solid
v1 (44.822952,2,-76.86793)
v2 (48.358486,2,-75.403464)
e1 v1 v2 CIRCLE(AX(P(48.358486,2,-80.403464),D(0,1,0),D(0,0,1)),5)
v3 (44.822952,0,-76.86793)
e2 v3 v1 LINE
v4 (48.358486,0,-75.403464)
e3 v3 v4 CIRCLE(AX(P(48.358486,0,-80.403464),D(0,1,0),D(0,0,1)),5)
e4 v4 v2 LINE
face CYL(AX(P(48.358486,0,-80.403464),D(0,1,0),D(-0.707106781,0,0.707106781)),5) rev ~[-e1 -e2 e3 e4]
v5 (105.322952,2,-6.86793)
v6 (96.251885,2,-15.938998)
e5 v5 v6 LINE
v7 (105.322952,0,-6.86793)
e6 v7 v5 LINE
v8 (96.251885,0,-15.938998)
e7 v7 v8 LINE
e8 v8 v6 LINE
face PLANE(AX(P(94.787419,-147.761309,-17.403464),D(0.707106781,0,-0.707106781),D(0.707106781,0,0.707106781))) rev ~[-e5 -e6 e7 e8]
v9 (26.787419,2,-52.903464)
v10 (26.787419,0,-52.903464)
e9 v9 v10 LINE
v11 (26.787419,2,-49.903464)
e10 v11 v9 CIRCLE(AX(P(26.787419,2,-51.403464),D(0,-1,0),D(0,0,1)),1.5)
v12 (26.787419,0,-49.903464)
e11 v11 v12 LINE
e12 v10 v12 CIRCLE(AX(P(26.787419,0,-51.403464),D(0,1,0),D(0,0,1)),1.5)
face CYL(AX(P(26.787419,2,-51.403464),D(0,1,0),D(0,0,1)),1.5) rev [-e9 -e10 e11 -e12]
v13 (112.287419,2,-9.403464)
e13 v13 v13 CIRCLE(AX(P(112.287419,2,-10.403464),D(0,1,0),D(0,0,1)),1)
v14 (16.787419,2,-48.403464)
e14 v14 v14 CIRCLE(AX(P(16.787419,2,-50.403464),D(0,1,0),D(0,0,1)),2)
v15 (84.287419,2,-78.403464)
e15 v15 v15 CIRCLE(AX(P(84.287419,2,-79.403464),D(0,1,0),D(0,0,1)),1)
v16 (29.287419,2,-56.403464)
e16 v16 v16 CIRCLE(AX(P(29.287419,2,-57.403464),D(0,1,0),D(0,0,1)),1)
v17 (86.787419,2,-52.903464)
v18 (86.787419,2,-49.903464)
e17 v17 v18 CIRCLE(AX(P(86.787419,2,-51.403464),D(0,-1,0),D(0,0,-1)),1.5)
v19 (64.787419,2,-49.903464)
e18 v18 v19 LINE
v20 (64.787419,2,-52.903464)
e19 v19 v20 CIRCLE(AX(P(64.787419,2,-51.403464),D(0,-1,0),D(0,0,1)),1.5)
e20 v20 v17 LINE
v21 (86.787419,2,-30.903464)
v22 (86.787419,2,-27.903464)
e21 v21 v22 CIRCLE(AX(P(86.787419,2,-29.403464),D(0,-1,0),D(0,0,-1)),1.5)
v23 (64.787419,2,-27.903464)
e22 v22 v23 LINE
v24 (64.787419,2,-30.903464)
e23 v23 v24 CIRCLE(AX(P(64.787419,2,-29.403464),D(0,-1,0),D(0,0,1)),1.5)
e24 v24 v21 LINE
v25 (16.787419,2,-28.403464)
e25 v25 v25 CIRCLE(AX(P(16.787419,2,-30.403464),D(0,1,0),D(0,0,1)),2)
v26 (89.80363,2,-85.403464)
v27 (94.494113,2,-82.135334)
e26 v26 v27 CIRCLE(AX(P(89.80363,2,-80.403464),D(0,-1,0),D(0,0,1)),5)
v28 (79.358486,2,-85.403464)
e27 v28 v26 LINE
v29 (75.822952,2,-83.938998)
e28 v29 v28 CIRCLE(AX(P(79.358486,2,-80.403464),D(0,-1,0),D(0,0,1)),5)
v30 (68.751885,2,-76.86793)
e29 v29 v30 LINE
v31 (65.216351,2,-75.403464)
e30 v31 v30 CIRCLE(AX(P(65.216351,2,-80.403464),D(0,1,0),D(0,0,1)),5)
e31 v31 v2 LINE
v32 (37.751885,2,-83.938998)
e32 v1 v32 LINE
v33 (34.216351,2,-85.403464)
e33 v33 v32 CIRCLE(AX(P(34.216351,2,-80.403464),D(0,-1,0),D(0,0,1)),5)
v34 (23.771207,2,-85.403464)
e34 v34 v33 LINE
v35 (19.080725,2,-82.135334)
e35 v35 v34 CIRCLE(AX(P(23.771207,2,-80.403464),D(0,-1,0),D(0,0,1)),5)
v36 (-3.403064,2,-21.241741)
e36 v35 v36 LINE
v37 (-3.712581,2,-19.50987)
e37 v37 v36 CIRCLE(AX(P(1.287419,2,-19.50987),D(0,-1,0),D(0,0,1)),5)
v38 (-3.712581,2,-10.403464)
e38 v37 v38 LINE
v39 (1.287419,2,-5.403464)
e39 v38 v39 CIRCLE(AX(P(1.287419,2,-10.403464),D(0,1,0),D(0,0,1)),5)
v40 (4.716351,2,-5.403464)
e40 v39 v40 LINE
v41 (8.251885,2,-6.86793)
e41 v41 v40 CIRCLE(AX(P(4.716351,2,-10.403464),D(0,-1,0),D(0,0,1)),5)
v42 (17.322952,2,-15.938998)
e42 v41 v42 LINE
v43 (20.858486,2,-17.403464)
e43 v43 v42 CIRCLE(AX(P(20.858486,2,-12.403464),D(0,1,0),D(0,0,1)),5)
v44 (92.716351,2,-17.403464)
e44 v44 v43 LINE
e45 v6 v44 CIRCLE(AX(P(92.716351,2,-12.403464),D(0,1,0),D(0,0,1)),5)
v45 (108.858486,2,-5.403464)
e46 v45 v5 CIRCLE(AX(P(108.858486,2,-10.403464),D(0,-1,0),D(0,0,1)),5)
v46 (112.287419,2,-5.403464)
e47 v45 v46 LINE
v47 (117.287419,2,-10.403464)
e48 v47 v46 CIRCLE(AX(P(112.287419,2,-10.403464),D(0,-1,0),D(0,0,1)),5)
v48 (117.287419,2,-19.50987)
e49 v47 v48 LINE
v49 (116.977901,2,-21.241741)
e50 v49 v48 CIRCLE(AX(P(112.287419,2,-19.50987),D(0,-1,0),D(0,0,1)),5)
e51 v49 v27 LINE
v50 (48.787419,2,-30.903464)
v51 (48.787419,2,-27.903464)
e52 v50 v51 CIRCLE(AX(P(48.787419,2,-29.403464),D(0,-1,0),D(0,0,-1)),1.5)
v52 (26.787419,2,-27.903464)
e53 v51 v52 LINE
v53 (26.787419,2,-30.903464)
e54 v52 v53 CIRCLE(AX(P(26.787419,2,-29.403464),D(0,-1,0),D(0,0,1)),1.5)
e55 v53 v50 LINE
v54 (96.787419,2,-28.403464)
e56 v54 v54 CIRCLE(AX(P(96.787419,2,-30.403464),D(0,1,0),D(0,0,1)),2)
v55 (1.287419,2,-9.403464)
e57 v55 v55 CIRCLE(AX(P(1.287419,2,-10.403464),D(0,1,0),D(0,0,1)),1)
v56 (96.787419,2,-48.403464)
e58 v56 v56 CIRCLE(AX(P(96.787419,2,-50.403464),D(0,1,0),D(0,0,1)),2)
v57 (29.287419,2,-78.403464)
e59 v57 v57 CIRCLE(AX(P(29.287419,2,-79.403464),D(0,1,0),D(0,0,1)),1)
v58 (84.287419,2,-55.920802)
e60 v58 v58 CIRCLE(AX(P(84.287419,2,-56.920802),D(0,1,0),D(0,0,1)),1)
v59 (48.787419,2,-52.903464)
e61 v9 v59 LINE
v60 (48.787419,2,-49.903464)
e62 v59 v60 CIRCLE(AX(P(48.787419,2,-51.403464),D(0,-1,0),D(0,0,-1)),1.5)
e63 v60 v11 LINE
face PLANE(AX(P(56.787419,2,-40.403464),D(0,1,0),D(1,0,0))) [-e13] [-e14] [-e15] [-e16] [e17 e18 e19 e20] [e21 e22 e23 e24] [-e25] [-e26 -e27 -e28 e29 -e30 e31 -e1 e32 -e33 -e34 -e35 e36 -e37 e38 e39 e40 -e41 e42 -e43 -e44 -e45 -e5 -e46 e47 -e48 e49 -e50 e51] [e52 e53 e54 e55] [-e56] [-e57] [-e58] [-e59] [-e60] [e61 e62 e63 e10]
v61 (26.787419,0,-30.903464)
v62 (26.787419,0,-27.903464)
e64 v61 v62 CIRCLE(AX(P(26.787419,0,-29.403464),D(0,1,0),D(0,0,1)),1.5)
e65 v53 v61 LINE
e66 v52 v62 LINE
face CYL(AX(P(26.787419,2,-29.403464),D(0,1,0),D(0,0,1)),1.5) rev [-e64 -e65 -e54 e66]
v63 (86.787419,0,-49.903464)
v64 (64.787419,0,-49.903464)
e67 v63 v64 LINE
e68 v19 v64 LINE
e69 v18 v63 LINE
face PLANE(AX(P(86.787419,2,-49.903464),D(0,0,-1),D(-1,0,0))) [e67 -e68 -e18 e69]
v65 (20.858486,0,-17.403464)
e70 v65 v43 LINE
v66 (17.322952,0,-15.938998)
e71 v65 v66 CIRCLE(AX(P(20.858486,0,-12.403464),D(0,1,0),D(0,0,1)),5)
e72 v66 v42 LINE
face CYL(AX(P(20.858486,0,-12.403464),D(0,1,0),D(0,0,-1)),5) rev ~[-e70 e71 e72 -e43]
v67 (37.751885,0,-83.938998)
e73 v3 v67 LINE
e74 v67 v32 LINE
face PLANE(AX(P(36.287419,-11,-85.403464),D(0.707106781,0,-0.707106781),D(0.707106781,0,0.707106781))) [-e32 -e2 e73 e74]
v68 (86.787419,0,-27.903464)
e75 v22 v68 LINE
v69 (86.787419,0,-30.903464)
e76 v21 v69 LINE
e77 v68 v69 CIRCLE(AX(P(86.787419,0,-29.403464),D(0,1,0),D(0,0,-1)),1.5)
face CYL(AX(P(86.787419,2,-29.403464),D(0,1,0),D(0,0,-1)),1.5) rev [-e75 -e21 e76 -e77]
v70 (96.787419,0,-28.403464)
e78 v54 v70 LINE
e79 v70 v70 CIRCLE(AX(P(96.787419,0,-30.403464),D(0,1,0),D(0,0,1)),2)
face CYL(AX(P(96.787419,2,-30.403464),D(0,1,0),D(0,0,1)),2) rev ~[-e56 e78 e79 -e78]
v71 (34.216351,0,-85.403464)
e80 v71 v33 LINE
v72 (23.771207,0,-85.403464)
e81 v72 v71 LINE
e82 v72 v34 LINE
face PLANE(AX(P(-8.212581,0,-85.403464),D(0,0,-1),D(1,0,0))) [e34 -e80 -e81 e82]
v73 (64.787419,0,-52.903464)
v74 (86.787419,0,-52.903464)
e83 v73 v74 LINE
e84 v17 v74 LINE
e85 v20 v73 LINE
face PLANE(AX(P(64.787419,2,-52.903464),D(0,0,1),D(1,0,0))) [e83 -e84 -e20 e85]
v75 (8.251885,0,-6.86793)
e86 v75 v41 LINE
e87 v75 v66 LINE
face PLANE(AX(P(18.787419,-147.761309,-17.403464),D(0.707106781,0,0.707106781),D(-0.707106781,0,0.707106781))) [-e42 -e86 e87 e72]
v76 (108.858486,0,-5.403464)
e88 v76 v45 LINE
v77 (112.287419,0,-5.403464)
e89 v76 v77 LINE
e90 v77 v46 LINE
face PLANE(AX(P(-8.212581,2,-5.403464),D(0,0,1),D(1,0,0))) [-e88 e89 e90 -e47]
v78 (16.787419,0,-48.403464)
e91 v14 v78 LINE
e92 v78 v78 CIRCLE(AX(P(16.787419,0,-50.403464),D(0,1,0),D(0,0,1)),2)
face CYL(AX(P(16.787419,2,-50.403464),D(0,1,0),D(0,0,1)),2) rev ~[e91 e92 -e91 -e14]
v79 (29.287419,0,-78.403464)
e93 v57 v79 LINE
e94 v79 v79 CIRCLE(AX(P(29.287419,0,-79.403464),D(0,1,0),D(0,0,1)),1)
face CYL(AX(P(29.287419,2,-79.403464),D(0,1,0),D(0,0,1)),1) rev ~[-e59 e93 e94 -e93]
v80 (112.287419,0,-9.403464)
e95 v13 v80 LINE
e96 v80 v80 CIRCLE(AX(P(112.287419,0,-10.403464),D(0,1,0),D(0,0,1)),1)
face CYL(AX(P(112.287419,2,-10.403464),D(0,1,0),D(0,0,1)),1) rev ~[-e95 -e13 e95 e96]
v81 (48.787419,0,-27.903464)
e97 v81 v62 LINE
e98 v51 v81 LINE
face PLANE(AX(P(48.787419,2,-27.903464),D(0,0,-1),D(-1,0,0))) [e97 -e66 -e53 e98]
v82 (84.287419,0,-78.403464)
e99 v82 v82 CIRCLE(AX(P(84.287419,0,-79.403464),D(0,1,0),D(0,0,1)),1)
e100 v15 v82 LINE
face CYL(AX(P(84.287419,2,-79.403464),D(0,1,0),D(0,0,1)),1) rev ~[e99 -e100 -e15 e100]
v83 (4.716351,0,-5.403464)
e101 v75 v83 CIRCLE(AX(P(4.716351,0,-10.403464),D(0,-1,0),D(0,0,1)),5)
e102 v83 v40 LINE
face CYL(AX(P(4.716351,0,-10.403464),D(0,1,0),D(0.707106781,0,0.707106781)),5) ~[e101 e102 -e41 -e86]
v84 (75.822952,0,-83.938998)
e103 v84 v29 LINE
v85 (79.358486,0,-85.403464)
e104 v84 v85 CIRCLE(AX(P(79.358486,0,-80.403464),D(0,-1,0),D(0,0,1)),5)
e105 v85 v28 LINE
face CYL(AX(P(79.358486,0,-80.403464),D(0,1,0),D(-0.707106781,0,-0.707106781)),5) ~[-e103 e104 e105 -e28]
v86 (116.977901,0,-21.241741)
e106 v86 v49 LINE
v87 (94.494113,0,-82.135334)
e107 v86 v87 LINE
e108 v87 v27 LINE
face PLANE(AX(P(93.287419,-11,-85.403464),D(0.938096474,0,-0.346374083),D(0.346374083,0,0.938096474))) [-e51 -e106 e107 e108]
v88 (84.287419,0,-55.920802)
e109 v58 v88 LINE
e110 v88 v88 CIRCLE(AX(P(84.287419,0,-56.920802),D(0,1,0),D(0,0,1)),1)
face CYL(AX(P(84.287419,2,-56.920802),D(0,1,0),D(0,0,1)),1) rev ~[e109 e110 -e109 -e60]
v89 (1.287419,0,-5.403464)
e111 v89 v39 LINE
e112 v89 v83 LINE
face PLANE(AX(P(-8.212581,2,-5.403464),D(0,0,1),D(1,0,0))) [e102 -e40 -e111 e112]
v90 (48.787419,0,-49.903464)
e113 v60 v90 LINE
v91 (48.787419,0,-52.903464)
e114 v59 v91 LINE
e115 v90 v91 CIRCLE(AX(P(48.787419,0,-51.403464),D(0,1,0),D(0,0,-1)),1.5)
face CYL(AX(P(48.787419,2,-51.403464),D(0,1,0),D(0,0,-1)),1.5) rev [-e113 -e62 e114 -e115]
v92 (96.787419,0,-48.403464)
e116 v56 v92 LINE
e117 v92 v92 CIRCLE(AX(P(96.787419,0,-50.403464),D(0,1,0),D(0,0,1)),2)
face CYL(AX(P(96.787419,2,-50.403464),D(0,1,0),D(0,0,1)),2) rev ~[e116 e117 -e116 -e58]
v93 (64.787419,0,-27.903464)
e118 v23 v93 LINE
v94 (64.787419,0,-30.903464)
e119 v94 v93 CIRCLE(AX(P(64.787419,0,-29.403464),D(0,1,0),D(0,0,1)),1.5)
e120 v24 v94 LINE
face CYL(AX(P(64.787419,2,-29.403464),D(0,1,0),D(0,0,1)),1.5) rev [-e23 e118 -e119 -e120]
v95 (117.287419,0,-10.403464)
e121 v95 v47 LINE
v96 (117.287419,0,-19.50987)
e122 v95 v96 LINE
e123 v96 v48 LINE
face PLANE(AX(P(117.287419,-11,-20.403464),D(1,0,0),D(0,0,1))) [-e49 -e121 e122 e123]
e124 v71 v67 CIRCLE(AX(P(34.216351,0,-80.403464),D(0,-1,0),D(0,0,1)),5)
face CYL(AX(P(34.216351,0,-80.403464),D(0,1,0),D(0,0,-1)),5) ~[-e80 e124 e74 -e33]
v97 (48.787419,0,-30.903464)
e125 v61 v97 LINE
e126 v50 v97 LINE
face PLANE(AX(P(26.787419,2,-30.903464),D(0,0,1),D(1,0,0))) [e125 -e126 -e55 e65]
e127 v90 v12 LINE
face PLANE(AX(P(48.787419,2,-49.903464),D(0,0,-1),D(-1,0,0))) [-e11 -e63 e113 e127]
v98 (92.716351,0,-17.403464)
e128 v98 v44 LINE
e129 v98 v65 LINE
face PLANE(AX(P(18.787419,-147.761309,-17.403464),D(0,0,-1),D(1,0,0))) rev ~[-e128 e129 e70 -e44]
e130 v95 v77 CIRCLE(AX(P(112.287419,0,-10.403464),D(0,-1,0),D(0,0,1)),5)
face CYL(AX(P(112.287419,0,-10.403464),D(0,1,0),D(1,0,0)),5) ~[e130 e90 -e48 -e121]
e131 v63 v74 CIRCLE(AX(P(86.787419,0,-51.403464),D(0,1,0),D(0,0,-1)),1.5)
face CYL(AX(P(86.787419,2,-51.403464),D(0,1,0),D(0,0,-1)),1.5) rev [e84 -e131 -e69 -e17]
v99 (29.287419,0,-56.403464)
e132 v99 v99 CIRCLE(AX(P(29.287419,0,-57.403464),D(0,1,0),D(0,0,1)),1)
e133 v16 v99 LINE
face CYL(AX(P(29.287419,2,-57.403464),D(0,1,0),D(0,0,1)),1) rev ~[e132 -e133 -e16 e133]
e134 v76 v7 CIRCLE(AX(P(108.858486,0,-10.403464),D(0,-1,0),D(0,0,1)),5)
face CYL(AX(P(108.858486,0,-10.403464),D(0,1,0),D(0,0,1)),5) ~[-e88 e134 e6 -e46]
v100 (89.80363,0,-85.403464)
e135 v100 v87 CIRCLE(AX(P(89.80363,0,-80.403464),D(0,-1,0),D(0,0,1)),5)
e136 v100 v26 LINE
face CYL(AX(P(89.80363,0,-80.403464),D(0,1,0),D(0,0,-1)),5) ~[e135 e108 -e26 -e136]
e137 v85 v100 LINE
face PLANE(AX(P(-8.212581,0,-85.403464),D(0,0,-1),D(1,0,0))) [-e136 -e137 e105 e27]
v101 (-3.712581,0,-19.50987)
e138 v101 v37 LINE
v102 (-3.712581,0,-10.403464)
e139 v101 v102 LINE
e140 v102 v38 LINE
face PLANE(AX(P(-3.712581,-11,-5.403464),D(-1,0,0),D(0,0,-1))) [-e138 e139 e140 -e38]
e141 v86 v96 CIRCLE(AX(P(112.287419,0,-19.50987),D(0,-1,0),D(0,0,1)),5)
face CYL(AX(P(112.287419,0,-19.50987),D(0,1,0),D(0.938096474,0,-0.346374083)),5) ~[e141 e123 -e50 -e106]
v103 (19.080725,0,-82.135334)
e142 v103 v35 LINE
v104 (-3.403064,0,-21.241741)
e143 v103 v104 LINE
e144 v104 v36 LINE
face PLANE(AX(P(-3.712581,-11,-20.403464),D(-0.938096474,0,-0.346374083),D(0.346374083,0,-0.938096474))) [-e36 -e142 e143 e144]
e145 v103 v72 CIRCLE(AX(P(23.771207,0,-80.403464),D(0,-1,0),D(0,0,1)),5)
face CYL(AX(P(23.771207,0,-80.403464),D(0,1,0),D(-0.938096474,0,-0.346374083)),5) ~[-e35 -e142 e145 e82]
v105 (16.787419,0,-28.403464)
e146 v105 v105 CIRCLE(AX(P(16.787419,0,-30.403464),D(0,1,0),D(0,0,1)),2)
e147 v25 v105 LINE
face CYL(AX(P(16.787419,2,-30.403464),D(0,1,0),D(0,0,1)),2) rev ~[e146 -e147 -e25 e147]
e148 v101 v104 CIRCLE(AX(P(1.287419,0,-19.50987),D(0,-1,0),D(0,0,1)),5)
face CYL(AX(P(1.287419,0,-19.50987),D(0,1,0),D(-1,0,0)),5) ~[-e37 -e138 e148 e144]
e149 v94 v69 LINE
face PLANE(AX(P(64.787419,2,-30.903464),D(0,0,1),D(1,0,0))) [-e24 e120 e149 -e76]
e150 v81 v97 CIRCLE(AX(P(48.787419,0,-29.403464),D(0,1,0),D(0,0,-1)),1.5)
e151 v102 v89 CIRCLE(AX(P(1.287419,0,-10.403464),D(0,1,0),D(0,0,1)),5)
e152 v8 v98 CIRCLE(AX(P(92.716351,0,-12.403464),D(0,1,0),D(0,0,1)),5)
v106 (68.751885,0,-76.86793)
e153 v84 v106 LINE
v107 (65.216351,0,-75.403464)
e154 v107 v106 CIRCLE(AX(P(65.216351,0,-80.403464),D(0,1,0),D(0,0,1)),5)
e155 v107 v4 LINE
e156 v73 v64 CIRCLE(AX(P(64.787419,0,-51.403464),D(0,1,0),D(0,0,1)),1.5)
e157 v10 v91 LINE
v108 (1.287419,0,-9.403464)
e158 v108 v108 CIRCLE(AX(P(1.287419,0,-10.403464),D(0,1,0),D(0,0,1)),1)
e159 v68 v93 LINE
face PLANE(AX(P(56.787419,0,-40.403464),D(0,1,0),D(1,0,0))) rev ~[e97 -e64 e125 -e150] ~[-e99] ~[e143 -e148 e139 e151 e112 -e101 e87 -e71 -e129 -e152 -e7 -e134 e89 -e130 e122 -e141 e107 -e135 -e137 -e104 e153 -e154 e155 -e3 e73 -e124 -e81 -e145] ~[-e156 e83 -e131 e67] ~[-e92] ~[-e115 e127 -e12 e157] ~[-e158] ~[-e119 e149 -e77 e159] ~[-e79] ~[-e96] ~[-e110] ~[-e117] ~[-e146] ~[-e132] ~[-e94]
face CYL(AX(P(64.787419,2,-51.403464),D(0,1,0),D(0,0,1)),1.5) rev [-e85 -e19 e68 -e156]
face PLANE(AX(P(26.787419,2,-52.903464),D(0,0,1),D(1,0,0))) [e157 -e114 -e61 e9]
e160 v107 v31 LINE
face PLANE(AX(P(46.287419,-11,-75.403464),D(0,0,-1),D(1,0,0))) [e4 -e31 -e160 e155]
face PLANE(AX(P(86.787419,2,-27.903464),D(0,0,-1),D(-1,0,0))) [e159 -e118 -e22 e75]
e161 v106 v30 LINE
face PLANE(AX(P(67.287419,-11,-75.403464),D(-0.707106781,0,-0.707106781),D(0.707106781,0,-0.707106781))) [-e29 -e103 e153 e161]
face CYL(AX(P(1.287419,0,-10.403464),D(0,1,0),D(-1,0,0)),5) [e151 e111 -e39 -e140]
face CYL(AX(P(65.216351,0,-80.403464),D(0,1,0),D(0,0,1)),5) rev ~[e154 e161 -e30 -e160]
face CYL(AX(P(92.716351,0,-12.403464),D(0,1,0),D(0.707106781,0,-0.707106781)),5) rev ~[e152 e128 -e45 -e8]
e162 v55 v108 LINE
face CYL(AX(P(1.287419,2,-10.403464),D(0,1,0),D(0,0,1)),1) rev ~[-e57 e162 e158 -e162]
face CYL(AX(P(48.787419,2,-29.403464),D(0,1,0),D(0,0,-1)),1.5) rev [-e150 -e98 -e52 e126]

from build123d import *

# Parameters (mm, degrees)
SKETCH1_W                = 130
SKETCH1_H                = 90
BOSS_EXTRUDE2_DEPTH      = 2
SKETCH2_R                = 2
CUT_EXTRUDE1_DEPTH       = 10
CUT_EXTRUDE3_DEPTH       = 10
SKETCH5_R                = 1
CUT_EXTRUDE4_DEPTH       = 10
SKETCH7_W                = 130
SKETCH7_H                = 10
CUT_EXTRUDE5_DEPTH       = 10
CUT_EXTRUDE10_DEPTH      = 149.761308663
CUT_EXTRUDE10_DEPTH_BACK = 149.761308663
CUT_EXTRUDE14_DEPTH      = 149.761308663
CUT_EXTRUDE14_DEPTH_BACK = 13
SKETCH12_R               = 1
FILLET2_R                = 5


with BuildPart() as part:
    # Sketch1 → Boss-Extrude2 (new body)
    with BuildSketch(Plane(origin=(0, 0, 0), x_dir=(1, 0, 0), z_dir=(0, 1, 0))):
        with Locations((56.787418592, 40.403463793)):
            Rectangle(SKETCH1_W, SKETCH1_H)
    extrude(amount=BOSS_EXTRUDE2_DEPTH)

    # Sketch2 → Cut-Extrude1 (cut)
    with BuildSketch(Plane(origin=(0, 2, 0), x_dir=(1, 0, 0), z_dir=(0, 1, 0))):
        with Locations(Location((16.787418592, 50.403463793, 0), (0, 0, 270))):
            Circle(SKETCH2_R)
        with Locations(Location((16.787418592, 30.403463793, 0), (0, 0, 270))):
            Circle(SKETCH2_R)
        with Locations(Location((96.787418592, 50.403463793, 0), (0, 0, 270))):
            Circle(SKETCH2_R)
        with Locations(Location((96.787418592, 30.403463793, 0), (0, 0, 270))):
            Circle(SKETCH2_R)
    extrude(amount=-CUT_EXTRUDE1_DEPTH, mode=Mode.SUBTRACT)

    # Sketch4 → Cut-Extrude3 (cut)
    with BuildSketch(Plane(origin=(0, 2, 0), x_dir=(1, 0, 0), z_dir=(0, 1, 0))):
        with BuildLine():
            Line((26.787418592, 52.903463793), (48.787418592, 52.903463793))
            ThreePointArc((48.787418592, 52.903463793), (50.287418592, 51.403463793), (48.787418592, 49.903463793))
            Line((48.787418592, 49.903463793), (26.787418592, 49.903463793))
            ThreePointArc((26.787418592, 49.903463793), (25.287418592, 51.403463793), (26.787418592, 52.903463793))
        make_face()
        with BuildLine():
            Line((26.787418592, 30.903463793), (48.787418592, 30.903463793))
            ThreePointArc((48.787418592, 30.903463793), (50.287418592, 29.403463793), (48.787418592, 27.903463793))
            Line((48.787418592, 27.903463793), (26.787418592, 27.903463793))
            ThreePointArc((26.787418592, 27.903463793), (25.287418592, 29.403463793), (26.787418592, 30.903463793))
        make_face()
        with BuildLine():
            Line((64.787418592, 52.903463793), (86.787418592, 52.903463793))
            ThreePointArc((86.787418592, 52.903463793), (88.287418592, 51.403463793), (86.787418592, 49.903463793))
            Line((86.787418592, 49.903463793), (64.787418592, 49.903463793))
            ThreePointArc((64.787418592, 49.903463793), (63.287418592, 51.403463793), (64.787418592, 52.903463793))
        make_face()
        with BuildLine():
            Line((64.787418592, 30.903463793), (86.787418592, 30.903463793))
            ThreePointArc((86.787418592, 30.903463793), (88.287418592, 29.403463793), (86.787418592, 27.903463793))
            Line((86.787418592, 27.903463793), (64.787418592, 27.903463793))
            ThreePointArc((64.787418592, 27.903463793), (63.287418592, 29.403463793), (64.787418592, 30.903463793))
        make_face()
    extrude(amount=-CUT_EXTRUDE3_DEPTH, mode=Mode.SUBTRACT)

    # Sketch5 → Cut-Extrude4 (cut)
    with BuildSketch(Plane(origin=(0, 2, 0), x_dir=(1, 0, 0), z_dir=(0, 1, 0))):
        with Locations(Location((1.287418592, 10.403463793, 0), (0, 0, 270))):
            Circle(SKETCH5_R)
        with Locations(Location((112.287418592, 10.403463793, 0), (0, 0, 270))):
            Circle(SKETCH5_R)
        with Locations(Location((84.287418592, 56.920801797, 0), (0, 0, 270))):
            Circle(SKETCH5_R)
        with Locations(Location((116.787418592, 57.403463793, 0), (0, 0, 270))):
            Circle(SKETCH5_R)
        with Locations(Location((116.787418592, 79.403463793, 0), (0, 0, 270))):
            Circle(SKETCH5_R)
        with Locations(Location((84.287418592, 79.403463793, 0), (0, 0, 270))):
            Circle(SKETCH5_R)
        with Locations(Location((-3.212581408, 57.403463793, 0), (0, 0, 270))):
            Circle(SKETCH5_R)
        with Locations(Location((29.287418592, 57.403463793, 0), (0, 0, 270))):
            Circle(SKETCH5_R)
        with Locations(Location((29.287418592, 79.403463793, 0), (0, 0, 270))):
            Circle(SKETCH5_R)
        with Locations(Location((-3.212581408, 79.403463793, 0), (0, 0, 270))):
            Circle(SKETCH5_R)
    extrude(amount=-CUT_EXTRUDE4_DEPTH, mode=Mode.SUBTRACT)

    # Sketch7 → Cut-Extrude5 (cut)
    with BuildSketch(Plane(origin=(0, 2, 0), x_dir=(1, 0, 0), z_dir=(0, 1, 0))):
        with Locations((56.787418592, 0.403463793)):
            Rectangle(SKETCH7_W, SKETCH7_H)
    extrude(amount=-CUT_EXTRUDE5_DEPTH, mode=Mode.SUBTRACT)

    # Sketch9 → Cut-Extrude10 (cut, two sides: drawn at the far end of the back side and taken through both)
    with BuildSketch(Plane(origin=(0, 2, 0), x_dir=(1, 0, 0), z_dir=(0, 1, 0)).offset(-CUT_EXTRUDE10_DEPTH_BACK)):
        Polygon((-198.399776781, -199.78373158), (6.787418592, 5.403463793), (18.787418592, 17.403463793), (94.787418592, 17.403463793), (106.787418592, 5.403463793), (311.974613966, -199.78373158), (311.974613966, -780.140760625), (-198.399776781, -780.140760625), align=None)
    extrude(amount=CUT_EXTRUDE10_DEPTH + CUT_EXTRUDE10_DEPTH_BACK, mode=Mode.SUBTRACT)

    # Sketch12 → Cut-Extrude14 (cut, two sides: drawn at the far end of the back side and taken through both)
    # profile 1 of 3: a face of its own
    with BuildSketch(Plane(origin=(0, 2, 0), x_dir=(1, 0, 0), z_dir=(0, 1, 0)).offset(-CUT_EXTRUDE14_DEPTH_BACK)):
        Polygon((-8.212581408, 5.403463793), (-3.712581408, 5.403463793), (-3.712581408, 20.403463793), (20.287418592, 85.403463793), (-8.212581408, 85.403463793), align=None)
        with Locations((-3.212581408, 57.403463793)):
            Circle(SKETCH12_R, mode=Mode.SUBTRACT)
        with Locations((-3.212581408, 79.403463793)):
            Circle(SKETCH12_R, mode=Mode.SUBTRACT)
    # profile 2 of 3: a face of its own
    with BuildSketch(Plane(origin=(0, 2, 0), x_dir=(1, 0, 0), z_dir=(0, 1, 0)).offset(-CUT_EXTRUDE14_DEPTH_BACK)):
        Polygon((77.287418592, 85.403463793), (36.287418592, 85.403463793), (46.287418592, 75.403463793), (67.287418592, 75.403463793), align=None)
    # profile 3 of 3: a face of its own
    with BuildSketch(Plane(origin=(0, 2, 0), x_dir=(1, 0, 0), z_dir=(0, 1, 0)).offset(-CUT_EXTRUDE14_DEPTH_BACK)):
        Polygon((121.787418592, 85.403463793), (93.287418592, 85.403463793), (117.287418592, 20.403463793), (117.287418592, 5.403463793), (121.787418592, 5.403463793), align=None)
        with Locations((116.787418592, 57.403463793)):
            Circle(SKETCH12_R, mode=Mode.SUBTRACT)
        with Locations((116.787418592, 79.403463793)):
            Circle(SKETCH12_R, mode=Mode.SUBTRACT)
    extrude(amount=CUT_EXTRUDE14_DEPTH + CUT_EXTRUDE14_DEPTH_BACK, mode=Mode.SUBTRACT)

    # Fillet2
    fillet2_edges = [part.edges().sort_by_distance(p)[0] for p in [
        (-3.712581408, 1, -5.403463793),
        (-3.712581408, 1, -20.403463793),
        (18.787418592, 1, -17.403463793),
        (6.787418592, 1, -5.403463793),
        (94.787418592, 1, -17.403463793),
        (106.787418592, 1, -5.403463793),
        (117.287418592, 1, -5.403463793),
        (117.287418592, 1, -20.403463793),
        (93.287418592, 1, -85.403463793),
        (20.287418592, 1, -85.403463793),
        (36.287418592, 1, -85.403463793),
        (46.287418592, 1, -75.403463793),
        (67.287418592, 1, -75.403463793),
        (77.287418592, 1, -85.403463793),
    ]]
    fillet(fillet2_edges, radius=FILLET2_R)


solid = part.part
